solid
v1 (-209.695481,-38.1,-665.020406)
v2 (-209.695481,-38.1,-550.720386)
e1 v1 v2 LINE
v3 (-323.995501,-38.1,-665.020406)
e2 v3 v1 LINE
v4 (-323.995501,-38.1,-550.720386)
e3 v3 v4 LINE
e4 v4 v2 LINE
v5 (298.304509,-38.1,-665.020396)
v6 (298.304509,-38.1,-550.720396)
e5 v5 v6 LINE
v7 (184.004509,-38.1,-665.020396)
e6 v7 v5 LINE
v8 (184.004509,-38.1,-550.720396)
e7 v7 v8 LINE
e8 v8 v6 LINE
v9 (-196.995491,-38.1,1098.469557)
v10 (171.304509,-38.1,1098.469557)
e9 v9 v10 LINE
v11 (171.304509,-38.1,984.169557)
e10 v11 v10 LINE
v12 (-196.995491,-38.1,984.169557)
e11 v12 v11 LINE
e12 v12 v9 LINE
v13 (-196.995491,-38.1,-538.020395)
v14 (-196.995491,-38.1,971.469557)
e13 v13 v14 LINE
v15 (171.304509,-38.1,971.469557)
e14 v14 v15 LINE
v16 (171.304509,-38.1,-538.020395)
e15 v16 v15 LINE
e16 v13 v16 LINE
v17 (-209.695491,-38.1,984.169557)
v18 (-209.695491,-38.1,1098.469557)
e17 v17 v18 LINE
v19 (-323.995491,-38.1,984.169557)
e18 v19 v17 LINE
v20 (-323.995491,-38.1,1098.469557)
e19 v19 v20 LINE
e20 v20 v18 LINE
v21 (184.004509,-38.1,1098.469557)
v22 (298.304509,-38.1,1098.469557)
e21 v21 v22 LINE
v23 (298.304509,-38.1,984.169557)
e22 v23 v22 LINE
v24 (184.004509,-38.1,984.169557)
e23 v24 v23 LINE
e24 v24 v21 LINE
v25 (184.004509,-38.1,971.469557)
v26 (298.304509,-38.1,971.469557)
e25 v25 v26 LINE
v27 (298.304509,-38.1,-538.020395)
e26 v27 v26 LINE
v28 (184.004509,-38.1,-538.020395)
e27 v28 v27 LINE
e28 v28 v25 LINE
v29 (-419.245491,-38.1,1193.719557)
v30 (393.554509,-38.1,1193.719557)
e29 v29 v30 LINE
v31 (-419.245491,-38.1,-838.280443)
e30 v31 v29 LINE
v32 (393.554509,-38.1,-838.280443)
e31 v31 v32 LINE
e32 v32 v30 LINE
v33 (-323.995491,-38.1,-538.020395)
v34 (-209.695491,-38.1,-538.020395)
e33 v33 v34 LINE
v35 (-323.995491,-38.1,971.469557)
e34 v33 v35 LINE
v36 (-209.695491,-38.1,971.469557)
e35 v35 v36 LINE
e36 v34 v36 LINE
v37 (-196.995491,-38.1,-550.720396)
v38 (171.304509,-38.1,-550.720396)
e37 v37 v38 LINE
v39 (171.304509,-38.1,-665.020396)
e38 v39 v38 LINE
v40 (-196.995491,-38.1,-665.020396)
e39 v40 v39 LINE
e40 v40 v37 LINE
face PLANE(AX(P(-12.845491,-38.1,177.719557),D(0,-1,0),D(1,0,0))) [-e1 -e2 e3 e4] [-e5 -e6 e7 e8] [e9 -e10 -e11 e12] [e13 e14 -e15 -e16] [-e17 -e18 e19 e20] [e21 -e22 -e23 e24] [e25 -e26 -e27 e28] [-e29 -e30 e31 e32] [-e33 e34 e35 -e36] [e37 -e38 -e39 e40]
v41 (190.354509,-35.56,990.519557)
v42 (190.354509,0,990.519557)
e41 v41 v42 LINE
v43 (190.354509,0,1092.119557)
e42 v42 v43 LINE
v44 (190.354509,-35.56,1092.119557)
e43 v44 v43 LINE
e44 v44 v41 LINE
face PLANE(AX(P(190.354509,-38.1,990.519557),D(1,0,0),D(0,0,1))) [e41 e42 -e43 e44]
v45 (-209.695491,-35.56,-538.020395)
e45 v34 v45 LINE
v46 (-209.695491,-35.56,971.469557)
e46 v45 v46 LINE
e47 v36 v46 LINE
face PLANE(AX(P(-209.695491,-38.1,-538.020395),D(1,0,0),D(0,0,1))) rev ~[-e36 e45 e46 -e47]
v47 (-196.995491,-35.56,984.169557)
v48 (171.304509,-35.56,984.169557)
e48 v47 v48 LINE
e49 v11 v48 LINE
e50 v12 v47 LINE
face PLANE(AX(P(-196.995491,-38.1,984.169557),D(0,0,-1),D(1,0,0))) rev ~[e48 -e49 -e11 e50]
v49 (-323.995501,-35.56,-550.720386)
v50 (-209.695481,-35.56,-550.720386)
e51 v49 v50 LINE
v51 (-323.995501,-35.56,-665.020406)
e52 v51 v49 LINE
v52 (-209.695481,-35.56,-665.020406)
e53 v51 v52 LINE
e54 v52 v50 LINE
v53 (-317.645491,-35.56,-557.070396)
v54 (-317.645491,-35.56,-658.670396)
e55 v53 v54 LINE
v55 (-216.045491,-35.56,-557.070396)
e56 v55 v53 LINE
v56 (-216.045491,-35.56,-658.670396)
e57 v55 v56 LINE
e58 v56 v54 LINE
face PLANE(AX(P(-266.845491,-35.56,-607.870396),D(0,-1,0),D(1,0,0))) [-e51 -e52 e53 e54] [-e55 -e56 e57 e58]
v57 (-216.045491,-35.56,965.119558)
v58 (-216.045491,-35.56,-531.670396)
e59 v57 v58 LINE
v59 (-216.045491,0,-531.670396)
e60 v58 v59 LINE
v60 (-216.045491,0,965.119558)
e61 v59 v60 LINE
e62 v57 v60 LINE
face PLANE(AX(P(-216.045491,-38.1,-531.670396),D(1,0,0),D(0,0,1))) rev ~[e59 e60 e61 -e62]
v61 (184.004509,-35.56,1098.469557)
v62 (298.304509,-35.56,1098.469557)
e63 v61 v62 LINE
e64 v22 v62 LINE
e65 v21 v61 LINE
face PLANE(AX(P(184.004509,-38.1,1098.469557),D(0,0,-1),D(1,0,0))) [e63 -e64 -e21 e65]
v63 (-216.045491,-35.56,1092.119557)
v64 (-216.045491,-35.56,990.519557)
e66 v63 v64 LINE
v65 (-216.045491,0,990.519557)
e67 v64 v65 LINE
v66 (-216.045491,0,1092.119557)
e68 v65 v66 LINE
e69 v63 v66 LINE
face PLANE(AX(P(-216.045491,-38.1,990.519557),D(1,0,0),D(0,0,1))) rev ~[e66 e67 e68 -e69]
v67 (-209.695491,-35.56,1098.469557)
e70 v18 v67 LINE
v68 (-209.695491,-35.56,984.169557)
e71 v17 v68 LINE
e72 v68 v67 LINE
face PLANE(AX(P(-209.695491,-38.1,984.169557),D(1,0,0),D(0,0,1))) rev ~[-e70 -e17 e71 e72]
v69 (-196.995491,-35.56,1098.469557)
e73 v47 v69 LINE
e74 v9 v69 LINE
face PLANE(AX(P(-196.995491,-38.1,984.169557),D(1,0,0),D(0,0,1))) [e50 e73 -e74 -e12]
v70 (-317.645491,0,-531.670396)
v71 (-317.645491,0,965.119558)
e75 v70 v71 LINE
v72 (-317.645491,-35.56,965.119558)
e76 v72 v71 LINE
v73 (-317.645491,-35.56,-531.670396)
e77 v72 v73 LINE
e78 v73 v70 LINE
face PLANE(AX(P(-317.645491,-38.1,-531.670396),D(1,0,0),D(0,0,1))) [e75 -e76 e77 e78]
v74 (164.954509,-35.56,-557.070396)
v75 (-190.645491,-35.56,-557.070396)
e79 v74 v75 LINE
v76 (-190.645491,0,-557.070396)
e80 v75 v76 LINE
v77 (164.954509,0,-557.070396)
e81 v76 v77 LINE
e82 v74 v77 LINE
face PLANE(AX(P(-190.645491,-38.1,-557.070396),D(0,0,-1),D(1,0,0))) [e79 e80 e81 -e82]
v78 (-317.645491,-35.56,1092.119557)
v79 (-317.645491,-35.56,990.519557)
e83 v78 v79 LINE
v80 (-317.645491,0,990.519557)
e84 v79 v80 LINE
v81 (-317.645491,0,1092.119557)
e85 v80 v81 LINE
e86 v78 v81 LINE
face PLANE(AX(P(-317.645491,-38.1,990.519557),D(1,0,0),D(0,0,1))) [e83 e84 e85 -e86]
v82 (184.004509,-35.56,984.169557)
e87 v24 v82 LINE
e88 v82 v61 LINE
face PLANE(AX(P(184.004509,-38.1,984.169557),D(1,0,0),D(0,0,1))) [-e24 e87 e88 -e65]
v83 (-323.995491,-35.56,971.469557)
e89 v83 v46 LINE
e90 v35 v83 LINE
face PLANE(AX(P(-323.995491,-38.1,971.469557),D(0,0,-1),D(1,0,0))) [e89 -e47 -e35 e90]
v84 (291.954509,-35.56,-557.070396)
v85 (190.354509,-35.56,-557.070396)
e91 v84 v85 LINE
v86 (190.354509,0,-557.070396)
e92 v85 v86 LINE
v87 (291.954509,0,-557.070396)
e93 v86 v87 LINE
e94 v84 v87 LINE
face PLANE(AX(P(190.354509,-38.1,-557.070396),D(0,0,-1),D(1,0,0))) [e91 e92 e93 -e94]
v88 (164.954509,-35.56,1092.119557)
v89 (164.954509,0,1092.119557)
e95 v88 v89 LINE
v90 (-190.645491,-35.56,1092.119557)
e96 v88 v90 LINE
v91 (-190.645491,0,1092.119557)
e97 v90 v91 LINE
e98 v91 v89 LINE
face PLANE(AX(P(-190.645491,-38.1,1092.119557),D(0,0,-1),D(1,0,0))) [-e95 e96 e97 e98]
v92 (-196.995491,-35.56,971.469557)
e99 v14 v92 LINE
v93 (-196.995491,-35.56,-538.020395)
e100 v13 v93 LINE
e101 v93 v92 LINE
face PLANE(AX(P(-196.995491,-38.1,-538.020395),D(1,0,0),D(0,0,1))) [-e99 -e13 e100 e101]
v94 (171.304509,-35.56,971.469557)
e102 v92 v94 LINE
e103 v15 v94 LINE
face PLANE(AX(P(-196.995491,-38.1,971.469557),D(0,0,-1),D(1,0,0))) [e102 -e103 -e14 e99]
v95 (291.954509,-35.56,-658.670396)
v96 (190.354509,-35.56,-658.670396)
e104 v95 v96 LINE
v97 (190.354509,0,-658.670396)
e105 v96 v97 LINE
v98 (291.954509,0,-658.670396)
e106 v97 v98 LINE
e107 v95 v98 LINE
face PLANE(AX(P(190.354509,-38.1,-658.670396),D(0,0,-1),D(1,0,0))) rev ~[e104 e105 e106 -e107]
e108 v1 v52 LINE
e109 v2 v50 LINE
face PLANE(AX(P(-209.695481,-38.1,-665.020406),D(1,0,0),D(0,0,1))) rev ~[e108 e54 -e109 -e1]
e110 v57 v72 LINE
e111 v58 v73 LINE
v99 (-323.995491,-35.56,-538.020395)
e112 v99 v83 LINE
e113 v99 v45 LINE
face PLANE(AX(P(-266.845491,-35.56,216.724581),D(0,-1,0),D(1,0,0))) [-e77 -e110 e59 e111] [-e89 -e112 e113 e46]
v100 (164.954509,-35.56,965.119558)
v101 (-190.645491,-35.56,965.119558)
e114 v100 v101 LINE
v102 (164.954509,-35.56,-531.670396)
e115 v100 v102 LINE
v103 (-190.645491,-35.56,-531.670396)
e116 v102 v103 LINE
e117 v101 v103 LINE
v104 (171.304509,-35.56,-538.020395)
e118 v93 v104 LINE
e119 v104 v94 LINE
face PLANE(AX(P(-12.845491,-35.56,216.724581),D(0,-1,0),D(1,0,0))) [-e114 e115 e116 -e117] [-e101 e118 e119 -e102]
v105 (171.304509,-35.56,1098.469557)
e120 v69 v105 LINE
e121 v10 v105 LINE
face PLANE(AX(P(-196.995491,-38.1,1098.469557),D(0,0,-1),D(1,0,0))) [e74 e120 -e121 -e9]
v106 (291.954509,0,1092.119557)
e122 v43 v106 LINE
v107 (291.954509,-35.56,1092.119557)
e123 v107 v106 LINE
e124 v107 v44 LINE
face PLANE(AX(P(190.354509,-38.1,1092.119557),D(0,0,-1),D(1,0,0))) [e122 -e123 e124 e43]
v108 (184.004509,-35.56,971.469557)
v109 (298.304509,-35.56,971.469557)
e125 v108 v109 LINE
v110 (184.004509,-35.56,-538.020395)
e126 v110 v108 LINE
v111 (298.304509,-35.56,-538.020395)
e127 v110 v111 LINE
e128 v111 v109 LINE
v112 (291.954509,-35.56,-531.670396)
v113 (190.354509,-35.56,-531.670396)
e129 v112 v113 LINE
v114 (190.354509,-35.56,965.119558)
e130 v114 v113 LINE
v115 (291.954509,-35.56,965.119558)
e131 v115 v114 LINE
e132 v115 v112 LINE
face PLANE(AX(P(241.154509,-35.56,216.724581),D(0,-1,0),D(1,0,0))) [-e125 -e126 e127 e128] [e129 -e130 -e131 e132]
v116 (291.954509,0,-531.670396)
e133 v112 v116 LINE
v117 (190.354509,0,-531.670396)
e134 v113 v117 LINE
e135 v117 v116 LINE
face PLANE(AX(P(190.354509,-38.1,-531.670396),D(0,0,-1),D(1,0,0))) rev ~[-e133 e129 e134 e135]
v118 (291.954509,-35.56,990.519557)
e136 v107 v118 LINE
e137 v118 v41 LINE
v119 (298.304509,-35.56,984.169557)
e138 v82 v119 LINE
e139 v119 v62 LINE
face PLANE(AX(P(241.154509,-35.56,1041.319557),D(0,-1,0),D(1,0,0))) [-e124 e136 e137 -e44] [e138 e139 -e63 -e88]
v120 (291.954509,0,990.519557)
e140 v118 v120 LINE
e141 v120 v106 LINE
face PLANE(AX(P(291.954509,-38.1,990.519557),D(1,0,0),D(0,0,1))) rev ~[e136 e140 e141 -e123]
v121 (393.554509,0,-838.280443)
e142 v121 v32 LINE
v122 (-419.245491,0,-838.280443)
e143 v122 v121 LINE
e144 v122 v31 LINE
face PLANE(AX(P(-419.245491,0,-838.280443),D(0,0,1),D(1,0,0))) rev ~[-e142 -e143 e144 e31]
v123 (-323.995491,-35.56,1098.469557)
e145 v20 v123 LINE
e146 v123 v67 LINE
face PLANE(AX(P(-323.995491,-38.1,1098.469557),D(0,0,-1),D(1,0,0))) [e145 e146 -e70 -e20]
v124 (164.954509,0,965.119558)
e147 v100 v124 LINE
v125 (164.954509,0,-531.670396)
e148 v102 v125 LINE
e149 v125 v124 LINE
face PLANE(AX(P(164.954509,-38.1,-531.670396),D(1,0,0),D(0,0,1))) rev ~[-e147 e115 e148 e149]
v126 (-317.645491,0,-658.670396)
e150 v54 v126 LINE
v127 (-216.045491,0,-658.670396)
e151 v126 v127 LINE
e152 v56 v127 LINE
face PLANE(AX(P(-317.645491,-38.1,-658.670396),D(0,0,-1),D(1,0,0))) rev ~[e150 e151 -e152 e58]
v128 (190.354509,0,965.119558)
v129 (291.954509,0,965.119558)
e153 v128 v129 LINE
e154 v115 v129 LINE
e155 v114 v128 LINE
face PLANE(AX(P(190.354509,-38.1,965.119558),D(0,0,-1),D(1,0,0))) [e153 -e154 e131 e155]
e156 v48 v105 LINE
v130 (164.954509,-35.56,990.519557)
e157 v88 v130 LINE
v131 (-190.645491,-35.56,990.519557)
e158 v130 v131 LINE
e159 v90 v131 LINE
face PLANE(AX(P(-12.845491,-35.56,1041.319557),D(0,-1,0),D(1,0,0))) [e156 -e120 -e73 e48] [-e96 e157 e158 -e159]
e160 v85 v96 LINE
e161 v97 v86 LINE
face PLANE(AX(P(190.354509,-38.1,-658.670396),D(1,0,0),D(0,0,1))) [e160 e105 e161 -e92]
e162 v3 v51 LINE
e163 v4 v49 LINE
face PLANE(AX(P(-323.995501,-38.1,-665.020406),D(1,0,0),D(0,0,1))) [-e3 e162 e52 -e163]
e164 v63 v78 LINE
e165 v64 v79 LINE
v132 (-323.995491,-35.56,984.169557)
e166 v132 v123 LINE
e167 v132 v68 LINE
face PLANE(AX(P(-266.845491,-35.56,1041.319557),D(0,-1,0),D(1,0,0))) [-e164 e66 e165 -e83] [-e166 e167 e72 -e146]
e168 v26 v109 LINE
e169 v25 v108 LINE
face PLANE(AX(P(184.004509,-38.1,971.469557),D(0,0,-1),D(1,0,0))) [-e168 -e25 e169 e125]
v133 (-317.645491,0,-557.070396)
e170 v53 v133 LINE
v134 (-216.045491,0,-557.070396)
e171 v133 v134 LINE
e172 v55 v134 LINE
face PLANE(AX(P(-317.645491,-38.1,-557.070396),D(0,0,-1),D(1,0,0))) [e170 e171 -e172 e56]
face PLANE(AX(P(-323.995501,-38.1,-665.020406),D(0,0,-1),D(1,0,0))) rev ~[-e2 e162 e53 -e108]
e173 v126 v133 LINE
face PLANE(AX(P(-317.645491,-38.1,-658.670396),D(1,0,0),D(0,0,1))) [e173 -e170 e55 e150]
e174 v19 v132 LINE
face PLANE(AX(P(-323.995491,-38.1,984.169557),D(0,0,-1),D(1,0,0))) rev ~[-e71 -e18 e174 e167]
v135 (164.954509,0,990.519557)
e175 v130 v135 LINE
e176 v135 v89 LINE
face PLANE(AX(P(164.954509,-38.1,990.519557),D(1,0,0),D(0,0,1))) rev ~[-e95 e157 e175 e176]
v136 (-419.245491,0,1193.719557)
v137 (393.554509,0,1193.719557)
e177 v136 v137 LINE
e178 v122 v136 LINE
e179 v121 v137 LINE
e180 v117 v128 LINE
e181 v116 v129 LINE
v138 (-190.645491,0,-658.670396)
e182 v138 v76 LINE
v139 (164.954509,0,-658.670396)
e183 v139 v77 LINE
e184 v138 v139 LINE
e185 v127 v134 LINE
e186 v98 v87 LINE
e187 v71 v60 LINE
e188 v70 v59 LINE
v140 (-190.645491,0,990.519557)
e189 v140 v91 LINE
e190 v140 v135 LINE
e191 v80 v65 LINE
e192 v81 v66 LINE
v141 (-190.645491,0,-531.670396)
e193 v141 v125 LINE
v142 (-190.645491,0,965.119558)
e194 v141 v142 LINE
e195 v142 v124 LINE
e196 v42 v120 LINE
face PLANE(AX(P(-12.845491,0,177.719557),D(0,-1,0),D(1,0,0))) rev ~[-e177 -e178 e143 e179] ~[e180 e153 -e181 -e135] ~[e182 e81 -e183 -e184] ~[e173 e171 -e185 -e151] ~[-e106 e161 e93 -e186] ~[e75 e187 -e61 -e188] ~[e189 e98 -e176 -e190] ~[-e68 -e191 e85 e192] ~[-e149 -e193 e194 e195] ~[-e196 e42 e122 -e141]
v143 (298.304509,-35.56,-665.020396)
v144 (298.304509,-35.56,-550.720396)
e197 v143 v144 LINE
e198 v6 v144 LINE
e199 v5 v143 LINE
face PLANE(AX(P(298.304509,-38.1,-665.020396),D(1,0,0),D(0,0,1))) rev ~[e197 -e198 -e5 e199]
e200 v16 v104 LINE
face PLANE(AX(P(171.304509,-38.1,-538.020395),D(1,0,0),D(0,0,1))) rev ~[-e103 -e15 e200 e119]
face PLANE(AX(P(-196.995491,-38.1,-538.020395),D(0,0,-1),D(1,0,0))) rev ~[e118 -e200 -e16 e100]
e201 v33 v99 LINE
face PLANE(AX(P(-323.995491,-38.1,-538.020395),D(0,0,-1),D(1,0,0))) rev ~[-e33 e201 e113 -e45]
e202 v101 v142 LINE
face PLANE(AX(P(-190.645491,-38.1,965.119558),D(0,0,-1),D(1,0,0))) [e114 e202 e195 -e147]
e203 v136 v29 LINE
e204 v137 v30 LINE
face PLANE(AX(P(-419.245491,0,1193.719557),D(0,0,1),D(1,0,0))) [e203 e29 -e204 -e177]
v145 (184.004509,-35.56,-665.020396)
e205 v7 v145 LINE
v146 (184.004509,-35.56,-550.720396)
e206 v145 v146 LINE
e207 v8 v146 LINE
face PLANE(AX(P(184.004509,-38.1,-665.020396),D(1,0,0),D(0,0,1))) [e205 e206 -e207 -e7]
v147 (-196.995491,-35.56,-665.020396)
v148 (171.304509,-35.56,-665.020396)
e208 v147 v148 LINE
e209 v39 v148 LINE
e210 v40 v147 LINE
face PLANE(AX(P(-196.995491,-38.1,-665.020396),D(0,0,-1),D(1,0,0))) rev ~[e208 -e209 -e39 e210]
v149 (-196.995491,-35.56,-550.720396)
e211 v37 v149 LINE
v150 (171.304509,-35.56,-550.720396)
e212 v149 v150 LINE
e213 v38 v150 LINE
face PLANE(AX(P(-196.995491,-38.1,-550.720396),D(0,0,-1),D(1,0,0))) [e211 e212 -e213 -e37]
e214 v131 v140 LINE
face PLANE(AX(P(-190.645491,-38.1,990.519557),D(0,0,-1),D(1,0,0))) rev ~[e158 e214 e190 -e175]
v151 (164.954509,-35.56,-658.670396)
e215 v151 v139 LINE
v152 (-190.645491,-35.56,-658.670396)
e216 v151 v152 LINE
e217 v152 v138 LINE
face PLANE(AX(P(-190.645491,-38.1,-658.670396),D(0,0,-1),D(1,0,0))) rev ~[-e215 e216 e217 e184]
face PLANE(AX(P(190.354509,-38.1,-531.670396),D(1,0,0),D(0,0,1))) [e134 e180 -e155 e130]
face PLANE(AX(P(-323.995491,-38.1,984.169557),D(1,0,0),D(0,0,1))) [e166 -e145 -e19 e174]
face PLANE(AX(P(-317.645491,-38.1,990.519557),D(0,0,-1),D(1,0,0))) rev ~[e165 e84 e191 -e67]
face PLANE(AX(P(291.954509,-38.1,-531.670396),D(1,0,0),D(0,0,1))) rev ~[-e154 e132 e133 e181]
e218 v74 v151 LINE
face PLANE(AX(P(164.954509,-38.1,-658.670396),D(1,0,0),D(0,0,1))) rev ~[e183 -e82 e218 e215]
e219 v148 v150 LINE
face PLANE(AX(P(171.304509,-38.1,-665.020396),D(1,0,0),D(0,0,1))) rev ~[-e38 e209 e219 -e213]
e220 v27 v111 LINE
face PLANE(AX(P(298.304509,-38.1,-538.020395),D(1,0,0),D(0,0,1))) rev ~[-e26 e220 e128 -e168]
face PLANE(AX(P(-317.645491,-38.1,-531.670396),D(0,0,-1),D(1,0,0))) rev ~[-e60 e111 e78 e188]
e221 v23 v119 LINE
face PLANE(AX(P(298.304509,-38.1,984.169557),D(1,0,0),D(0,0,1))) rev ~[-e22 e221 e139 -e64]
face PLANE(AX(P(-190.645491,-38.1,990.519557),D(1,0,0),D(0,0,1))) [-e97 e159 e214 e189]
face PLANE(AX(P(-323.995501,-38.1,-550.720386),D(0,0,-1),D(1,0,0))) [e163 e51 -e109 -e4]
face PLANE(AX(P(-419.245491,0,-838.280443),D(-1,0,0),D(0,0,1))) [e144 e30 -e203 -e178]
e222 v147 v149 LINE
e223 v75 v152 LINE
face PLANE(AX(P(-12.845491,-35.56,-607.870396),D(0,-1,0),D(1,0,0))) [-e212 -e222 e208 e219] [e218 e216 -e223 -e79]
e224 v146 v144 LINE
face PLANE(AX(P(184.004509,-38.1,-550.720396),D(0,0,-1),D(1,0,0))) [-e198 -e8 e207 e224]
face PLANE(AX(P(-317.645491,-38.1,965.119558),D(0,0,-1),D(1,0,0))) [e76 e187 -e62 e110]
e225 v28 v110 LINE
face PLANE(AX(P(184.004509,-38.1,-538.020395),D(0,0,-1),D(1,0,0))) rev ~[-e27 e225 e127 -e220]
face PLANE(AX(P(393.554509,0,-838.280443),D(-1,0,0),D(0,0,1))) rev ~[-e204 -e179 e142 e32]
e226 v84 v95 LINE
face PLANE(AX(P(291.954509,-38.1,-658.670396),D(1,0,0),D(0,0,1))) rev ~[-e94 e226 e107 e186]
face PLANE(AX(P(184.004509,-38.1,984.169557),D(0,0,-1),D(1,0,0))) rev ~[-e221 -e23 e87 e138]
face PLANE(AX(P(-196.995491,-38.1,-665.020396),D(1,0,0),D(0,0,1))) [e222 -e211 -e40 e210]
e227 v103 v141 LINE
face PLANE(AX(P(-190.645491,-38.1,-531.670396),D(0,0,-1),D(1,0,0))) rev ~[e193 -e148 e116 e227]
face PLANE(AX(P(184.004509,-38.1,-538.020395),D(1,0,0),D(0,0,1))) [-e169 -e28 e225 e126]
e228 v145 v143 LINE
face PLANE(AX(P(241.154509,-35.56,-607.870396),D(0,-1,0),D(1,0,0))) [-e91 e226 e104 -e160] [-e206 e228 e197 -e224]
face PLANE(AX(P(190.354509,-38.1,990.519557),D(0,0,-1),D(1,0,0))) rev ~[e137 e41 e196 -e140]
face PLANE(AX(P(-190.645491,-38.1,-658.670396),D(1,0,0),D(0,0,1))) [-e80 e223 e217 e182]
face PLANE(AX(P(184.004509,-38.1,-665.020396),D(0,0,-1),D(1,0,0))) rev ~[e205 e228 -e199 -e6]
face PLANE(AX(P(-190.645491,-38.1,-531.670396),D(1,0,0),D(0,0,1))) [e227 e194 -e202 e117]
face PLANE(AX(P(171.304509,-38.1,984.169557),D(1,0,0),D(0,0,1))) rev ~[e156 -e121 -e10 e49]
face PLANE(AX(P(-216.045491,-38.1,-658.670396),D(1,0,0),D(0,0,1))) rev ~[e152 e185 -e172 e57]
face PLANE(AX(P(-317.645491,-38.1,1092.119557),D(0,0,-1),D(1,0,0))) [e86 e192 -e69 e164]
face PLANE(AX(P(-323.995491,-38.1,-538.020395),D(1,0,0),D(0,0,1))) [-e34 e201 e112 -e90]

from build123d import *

# Parameters (mm, degrees)
F0_W     = 812.8
F0_H     = 2032
F1_DEPTH = 38.1
F2_W     = 101.6
F2_H     = 101.6
F2_W_2   = 355.6
F2_H_2   = 1496.789953
F4_DEPTH = 309.88
F3_W     = 368.3
F3_H     = 1509.489953
F3_W_2   = 114.3
F3_H_2   = 114.3
F3_W_3   = 114.30002
F3_H_3   = 114.30002
F5_DEPTH = 2.54


with BuildPart() as f1:
    # F0 (on Front) → F1 (new body)
    with BuildSketch(Plane.XZ):
        with Locations((-12.845491, 177.719557)):
            Rectangle(F0_W, F0_H)
    extrude(amount=F1_DEPTH)

    # F2 (on face) → F4 (cut)
    with BuildSketch(Plane.XZ.offset(38.1)):
        with Locations((-266.845491, 1041.319557)):
            Rectangle(F2_W, F2_H)
        with Locations((-12.845491, 1041.319557)):
            Rectangle(F2_W_2, F2_H)
        with Locations((241.154509, 1041.319557)):
            Rectangle(F2_W, F2_H)
        with Locations((-266.845491, 216.724581)):
            Rectangle(F2_W, F2_H_2)
        with Locations((-12.845491, 216.724581)):
            Rectangle(F2_W_2, F2_H_2)
        with Locations((241.154509, 216.724581)):
            Rectangle(F2_W, F2_H_2)
        with Locations((-12.845491, -607.870396)):
            Rectangle(F2_W_2, F2_H)
        with Locations((241.154509, -607.870396)):
            Rectangle(F2_W, F2_H)
        with Locations((-266.845491, -607.870396)):
            Rectangle(F2_W, F2_H)
    extrude(amount=-F4_DEPTH, mode=Mode.SUBTRACT)

    # F3 (on face) → F5 (cut)
    with BuildSketch(Plane.XZ.offset(38.1)):
        with Locations((-12.845491, 216.724581)):
            Rectangle(F3_W, F3_H)
        with Locations((-266.845491, 216.724581)):
            Rectangle(F3_W_2, F3_H)
        with Locations((-266.845491, 1041.319557)):
            Rectangle(F3_W_2, F3_H_2)
        with Locations((-12.845491, 1041.319557)):
            Rectangle(F3_W, F3_H_2)
        with Locations((241.154509, 1041.319557)):
            Rectangle(F3_W_2, F3_H_2)
        with Locations((241.154509, 216.724581)):
            Rectangle(F3_W_2, F3_H)
        with Locations((241.154509, -607.870396)):
            Rectangle(F3_W_2, F3_H_2)
        with Locations((-12.845491, -607.870396)):
            Rectangle(F3_W, F3_H_2)
        with Locations((-266.845491, -607.870396)):
            Rectangle(F3_W_3, F3_H_3)
    extrude(amount=-F5_DEPTH, mode=Mode.SUBTRACT)


solid = f1.part
